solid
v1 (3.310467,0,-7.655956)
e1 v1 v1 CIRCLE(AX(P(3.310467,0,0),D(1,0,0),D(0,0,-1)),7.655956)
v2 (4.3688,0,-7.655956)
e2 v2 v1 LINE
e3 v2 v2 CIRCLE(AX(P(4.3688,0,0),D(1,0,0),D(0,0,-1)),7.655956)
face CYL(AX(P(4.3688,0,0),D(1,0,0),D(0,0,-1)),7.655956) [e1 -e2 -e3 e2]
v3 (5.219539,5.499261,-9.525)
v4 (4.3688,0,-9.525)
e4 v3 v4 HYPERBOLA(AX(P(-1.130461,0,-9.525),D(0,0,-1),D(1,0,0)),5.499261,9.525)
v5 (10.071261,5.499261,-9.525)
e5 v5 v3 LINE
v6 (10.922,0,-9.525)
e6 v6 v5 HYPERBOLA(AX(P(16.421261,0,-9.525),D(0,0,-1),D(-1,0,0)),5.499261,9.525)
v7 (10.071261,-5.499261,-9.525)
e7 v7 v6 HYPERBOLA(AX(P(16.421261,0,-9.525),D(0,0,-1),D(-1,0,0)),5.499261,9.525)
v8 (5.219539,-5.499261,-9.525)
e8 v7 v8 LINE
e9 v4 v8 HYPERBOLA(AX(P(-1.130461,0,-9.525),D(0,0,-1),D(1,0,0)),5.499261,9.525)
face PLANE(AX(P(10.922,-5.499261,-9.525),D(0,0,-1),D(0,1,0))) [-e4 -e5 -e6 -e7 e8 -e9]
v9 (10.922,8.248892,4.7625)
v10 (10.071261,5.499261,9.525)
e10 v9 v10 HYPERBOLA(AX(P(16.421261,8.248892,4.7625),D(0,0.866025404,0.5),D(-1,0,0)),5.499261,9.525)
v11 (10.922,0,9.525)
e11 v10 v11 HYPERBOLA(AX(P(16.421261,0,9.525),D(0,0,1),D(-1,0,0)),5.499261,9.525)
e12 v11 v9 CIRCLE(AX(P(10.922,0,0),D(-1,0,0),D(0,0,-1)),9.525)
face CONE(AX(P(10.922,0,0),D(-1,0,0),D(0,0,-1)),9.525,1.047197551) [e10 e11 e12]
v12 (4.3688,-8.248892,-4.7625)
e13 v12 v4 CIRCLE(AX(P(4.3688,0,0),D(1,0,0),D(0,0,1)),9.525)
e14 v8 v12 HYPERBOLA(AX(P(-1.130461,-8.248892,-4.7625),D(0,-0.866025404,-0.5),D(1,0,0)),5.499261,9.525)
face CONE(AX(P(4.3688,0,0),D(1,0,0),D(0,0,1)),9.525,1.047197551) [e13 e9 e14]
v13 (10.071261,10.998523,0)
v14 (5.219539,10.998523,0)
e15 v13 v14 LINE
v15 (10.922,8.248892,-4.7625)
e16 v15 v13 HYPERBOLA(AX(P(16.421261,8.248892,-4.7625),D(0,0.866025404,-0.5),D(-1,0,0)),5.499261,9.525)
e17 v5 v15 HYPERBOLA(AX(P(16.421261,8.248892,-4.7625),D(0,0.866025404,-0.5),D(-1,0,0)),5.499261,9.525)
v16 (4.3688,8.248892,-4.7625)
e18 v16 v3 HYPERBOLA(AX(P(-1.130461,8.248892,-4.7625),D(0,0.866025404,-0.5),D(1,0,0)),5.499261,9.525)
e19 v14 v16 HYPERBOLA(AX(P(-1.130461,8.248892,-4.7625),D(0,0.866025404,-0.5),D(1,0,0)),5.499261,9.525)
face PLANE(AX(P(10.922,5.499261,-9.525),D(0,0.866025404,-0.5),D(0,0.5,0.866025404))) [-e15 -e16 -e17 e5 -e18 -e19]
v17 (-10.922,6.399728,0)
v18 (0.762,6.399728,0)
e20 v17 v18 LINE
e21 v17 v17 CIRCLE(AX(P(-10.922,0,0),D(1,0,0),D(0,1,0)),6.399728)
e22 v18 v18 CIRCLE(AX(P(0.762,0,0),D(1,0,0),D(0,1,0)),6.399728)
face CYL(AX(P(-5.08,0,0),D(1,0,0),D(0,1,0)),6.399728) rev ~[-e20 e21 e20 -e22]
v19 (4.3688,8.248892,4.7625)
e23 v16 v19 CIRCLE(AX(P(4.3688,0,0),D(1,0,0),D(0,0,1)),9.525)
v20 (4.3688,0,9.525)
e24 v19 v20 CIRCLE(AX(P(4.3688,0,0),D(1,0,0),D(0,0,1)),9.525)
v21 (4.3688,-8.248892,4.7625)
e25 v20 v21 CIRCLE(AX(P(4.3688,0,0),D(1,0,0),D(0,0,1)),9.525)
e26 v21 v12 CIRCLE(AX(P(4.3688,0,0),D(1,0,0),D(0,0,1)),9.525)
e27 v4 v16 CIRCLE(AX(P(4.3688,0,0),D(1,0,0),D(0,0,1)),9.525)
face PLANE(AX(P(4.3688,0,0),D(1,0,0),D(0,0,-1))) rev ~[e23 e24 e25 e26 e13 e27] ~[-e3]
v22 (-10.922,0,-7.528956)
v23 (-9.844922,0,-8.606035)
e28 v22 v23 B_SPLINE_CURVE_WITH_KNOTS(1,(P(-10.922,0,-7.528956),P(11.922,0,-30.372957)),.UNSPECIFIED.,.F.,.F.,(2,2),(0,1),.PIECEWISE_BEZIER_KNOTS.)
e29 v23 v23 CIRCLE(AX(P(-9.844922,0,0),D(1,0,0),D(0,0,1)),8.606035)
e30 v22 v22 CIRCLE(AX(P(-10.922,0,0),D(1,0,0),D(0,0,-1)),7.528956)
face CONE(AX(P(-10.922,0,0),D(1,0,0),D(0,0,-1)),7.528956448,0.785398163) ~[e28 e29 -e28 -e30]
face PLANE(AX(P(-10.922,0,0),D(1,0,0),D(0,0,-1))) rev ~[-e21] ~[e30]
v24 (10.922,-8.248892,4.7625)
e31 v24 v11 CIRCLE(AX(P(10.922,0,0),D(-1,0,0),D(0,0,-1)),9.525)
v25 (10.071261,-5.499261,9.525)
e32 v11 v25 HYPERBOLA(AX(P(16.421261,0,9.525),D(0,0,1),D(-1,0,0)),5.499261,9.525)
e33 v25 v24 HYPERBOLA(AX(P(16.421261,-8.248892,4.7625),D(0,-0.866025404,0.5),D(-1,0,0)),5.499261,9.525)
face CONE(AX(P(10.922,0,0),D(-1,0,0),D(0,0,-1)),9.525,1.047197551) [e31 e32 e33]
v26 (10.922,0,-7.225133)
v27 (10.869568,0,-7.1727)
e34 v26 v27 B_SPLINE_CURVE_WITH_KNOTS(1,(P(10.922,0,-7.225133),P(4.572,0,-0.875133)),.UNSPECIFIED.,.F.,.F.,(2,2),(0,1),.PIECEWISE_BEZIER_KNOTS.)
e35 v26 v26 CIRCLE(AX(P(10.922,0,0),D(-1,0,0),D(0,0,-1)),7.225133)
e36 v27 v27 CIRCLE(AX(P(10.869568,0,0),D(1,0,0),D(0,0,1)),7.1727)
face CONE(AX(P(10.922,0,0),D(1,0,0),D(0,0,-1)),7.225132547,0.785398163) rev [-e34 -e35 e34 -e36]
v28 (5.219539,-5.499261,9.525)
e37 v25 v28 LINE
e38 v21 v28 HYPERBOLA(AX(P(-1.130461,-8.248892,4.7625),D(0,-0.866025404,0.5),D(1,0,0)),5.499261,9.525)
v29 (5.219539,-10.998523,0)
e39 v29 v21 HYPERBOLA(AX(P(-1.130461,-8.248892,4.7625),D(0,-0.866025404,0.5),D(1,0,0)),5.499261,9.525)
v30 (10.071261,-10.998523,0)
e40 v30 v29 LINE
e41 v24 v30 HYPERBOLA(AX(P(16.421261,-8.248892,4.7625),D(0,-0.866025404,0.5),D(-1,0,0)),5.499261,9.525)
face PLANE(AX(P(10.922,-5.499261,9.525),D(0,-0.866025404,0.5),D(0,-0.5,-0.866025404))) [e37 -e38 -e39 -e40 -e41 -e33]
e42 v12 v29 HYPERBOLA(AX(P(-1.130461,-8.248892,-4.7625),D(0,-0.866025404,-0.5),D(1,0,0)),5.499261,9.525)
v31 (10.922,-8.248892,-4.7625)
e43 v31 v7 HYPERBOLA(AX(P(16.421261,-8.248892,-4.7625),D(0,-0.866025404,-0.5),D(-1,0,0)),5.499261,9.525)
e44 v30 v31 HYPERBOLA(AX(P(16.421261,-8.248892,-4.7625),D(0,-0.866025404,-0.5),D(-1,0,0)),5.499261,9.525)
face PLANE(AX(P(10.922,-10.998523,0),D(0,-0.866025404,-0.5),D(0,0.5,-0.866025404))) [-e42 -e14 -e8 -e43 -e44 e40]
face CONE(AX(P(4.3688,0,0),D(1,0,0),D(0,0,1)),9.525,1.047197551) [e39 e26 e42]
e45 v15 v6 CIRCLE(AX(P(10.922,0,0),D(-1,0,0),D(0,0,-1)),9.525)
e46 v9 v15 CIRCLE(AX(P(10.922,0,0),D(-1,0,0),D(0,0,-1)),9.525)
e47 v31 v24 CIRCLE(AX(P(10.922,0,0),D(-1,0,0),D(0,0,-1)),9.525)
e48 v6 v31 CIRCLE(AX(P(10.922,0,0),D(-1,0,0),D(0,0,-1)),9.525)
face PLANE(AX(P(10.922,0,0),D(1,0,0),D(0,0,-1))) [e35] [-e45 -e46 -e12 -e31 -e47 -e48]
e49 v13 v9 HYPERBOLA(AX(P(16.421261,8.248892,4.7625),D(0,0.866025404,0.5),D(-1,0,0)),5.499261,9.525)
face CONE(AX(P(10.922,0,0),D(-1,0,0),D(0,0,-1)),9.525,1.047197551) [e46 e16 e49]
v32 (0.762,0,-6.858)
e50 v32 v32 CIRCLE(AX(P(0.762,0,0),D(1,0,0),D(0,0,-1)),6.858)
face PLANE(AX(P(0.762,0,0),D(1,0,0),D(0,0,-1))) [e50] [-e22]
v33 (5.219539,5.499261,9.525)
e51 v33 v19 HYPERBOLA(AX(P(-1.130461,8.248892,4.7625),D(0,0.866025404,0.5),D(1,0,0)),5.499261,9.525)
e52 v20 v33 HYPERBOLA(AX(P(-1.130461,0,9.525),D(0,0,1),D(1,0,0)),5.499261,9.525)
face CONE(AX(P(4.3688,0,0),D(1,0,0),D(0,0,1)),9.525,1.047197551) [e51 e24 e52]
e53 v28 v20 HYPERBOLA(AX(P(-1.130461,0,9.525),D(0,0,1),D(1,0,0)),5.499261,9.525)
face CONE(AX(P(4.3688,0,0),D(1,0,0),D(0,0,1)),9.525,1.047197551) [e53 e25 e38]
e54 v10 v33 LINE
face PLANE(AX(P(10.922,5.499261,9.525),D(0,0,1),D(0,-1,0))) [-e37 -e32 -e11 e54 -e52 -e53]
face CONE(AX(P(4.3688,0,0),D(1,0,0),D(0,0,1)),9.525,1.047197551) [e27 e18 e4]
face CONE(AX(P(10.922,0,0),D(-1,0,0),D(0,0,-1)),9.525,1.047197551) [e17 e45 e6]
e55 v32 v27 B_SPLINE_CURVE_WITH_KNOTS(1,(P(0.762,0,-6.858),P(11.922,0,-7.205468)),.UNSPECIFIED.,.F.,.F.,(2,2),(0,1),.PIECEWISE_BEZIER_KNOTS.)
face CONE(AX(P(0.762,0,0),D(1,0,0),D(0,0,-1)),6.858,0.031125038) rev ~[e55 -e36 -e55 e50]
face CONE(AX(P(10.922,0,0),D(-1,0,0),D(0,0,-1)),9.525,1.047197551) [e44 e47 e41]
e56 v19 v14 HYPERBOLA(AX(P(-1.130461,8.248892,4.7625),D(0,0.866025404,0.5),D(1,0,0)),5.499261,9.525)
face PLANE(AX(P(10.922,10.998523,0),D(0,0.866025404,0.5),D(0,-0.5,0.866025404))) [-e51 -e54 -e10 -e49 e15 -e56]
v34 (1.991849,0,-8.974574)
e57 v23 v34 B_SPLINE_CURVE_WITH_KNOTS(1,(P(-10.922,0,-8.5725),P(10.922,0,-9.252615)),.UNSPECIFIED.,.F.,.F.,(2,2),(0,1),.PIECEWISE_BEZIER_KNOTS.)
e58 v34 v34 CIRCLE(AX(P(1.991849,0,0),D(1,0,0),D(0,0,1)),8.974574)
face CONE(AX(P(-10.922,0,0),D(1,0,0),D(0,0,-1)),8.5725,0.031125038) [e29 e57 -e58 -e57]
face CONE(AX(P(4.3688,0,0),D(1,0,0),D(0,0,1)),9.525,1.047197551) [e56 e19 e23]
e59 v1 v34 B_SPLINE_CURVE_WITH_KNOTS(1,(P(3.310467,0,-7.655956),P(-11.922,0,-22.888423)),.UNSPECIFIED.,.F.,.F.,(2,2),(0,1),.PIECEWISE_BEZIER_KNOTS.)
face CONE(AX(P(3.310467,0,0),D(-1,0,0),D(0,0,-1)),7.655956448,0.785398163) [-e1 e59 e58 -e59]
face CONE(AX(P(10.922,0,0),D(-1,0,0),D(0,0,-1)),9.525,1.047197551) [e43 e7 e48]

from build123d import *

# Parameters (mm, degrees)
SKETCH2_R          = 8.5725
EXTRUDE1_DEPTH     = 21.844
EXTRUDE1_TAPER     = -1.783333333
SKETCH5_OUTSIDE_W  = 73.012
SKETCH5_OUTSIDE_H  = 73.012
SKETCH5_OUTSIDE_R  = 7.528956448
CUT_EXTRUDE1_DEPTH = 22.8440001
CUT_EXTRUDE1_TAPER = 45
SKETCH8_R          = 14.9225
CUT_EXTRUDE4_DEPTH = 7.5532001
SKETCH9_OUTSIDE_W  = 26.06
SKETCH9_OUTSIDE_H  = 26.06
SKETCH9_OUTSIDE_R  = 7.655956448
CUT_EXTRUDE5_DEPTH = 1.058333333
SKETCH10_OUTSIDE_W = 56.444
SKETCH10_OUTSIDE_H = 56.444
SKETCH10_OUTSIDE_R = 7.655956448
CUT_EXTRUDE6_DEPTH = 15.232466767
CUT_EXTRUDE6_TAPER = 45
EXTRUDE2_DEPTH     = 6.5532
SKETCH7_OUTSIDE_W  = 107.462
SKETCH7_OUTSIDE_H  = 110.41
SKETCH7_OUTSIDE_R  = 9.525
CUT_EXTRUDE2_DEPTH = 22.8440001
CUT_EXTRUDE2_TAPER = 60
SKETCH18_OUTSIDE_W = 62.968
SKETCH18_OUTSIDE_H = 65.916
SKETCH18_OUTSIDE_R = 9.525
EXTRUDE3_DEPTH     = 10
EXTRUDE3_TAPER     = 60
SKETCH11_R         = 6.858
CUT_EXTRUDE7_DEPTH = 11.16
CUT_EXTRUDE7_TAPER = -1.783333333
SKETCH16_R         = 7.225132547
CUT_EXTRUDE9_DEPTH = 6.35
CUT_EXTRUDE9_TAPER = 45
SKETCH17_W         = 11.684
SKETCH17_H         = 6.399728224


with BuildPart() as part:
    # Sketch2 → Extrude1 (new body)
    with BuildSketch(Plane(origin=(-10.922, 0, 0), x_dir=(0, 0, -1), z_dir=(1, 0, 0))):
        Circle(SKETCH2_R)
    extrude(amount=EXTRUDE1_DEPTH, taper=EXTRUDE1_TAPER)

    # Sketch5 outside → Cut-Extrude1 (cut, through all)
    with BuildSketch(Plane(origin=(-10.922, 0, 0), x_dir=(0, 0, -1), z_dir=(1, 0, 0))):
        Rectangle(SKETCH5_OUTSIDE_W, SKETCH5_OUTSIDE_H)
        Circle(SKETCH5_OUTSIDE_R, mode=Mode.SUBTRACT)
    extrude(amount=CUT_EXTRUDE1_DEPTH, taper=CUT_EXTRUDE1_TAPER, mode=Mode.SUBTRACT)

    # Sketch8 → Cut-Extrude4 (cut, through all)
    with BuildSketch(Plane(origin=(4.3688, 0, 0), x_dir=(0, 0, -1), z_dir=(1, 0, 0))):
        Circle(SKETCH8_R)
    extrude(amount=CUT_EXTRUDE4_DEPTH, mode=Mode.SUBTRACT)

    # Sketch9 outside → Cut-Extrude5 (cut)
    with BuildSketch(Plane(origin=(4.3688, 0, 0), x_dir=(0, 0, -1), z_dir=(1, 0, 0))):
        Rectangle(SKETCH9_OUTSIDE_W, SKETCH9_OUTSIDE_H)
        Circle(SKETCH9_OUTSIDE_R, mode=Mode.SUBTRACT)
    extrude(amount=-CUT_EXTRUDE5_DEPTH, mode=Mode.SUBTRACT)

    # Sketch10 outside → Cut-Extrude6 (cut, through all)
    with BuildSketch(Plane(origin=(3.310466667, 0, 0), x_dir=(0, 0, -1), z_dir=(1, 0, 0))):
        Rectangle(SKETCH10_OUTSIDE_W, SKETCH10_OUTSIDE_H)
        Circle(SKETCH10_OUTSIDE_R, mode=Mode.SUBTRACT)
    extrude(amount=-CUT_EXTRUDE6_DEPTH, taper=CUT_EXTRUDE6_TAPER, mode=Mode.SUBTRACT)

    # Sketch6 → Extrude2 (add)
    with BuildSketch(Plane(origin=(10.922, 0, 0), x_dir=(0, 0, -1), z_dir=(1, 0, 0))):
        Polygon((0, 10.998522628), (-9.525, 5.499261314), (-9.525, -5.499261314), (0, -10.998522628), (9.525, -5.499261314), (9.525, 5.499261314), align=None)
    extrude(amount=-EXTRUDE2_DEPTH)

    # Sketch7 outside → Cut-Extrude2 (cut, through all)
    with BuildSketch(Plane(origin=(10.922, 0, 0), x_dir=(0, 0, -1), z_dir=(1, 0, 0))):
        Rectangle(SKETCH7_OUTSIDE_W, SKETCH7_OUTSIDE_H)
        Circle(SKETCH7_OUTSIDE_R, mode=Mode.SUBTRACT)
    extrude(amount=-CUT_EXTRUDE2_DEPTH, taper=CUT_EXTRUDE2_TAPER, mode=Mode.SUBTRACT)

    # Sketch18 outside → Extrude3 (cut)
    with BuildSketch(Plane.ZY.offset(-4.3688)):
        Rectangle(SKETCH18_OUTSIDE_W, SKETCH18_OUTSIDE_H)
        Circle(SKETCH18_OUTSIDE_R, mode=Mode.SUBTRACT)
    extrude(amount=-EXTRUDE3_DEPTH, taper=EXTRUDE3_TAPER, mode=Mode.SUBTRACT)

    # Sketch11 → Cut-Extrude7 (cut, through all)
    with BuildSketch(Plane(origin=(0.762, 0, 0), x_dir=(0, 0, -1), z_dir=(1, 0, 0))):
        Circle(SKETCH11_R)
    extrude(amount=CUT_EXTRUDE7_DEPTH, taper=CUT_EXTRUDE7_TAPER, mode=Mode.SUBTRACT)

    # Sketch16 → Cut-Extrude9 (cut)
    with BuildSketch(Plane(origin=(10.922, 0, 0), x_dir=(0, 0, -1), z_dir=(1, 0, 0))):
        Circle(SKETCH16_R)
    extrude(amount=-CUT_EXTRUDE9_DEPTH, taper=CUT_EXTRUDE9_TAPER, mode=Mode.SUBTRACT)

    # Sketch17 → Cut-Revolve1 (revolve, cut)
    with BuildSketch(Plane.XY):
        with Locations((-5.08, 3.199864112)):
            Rectangle(SKETCH17_W, SKETCH17_H)
    revolve(axis=Axis((-10.922, 0, 0), (1, 0, 0)), mode=Mode.SUBTRACT)


solid = part.part
